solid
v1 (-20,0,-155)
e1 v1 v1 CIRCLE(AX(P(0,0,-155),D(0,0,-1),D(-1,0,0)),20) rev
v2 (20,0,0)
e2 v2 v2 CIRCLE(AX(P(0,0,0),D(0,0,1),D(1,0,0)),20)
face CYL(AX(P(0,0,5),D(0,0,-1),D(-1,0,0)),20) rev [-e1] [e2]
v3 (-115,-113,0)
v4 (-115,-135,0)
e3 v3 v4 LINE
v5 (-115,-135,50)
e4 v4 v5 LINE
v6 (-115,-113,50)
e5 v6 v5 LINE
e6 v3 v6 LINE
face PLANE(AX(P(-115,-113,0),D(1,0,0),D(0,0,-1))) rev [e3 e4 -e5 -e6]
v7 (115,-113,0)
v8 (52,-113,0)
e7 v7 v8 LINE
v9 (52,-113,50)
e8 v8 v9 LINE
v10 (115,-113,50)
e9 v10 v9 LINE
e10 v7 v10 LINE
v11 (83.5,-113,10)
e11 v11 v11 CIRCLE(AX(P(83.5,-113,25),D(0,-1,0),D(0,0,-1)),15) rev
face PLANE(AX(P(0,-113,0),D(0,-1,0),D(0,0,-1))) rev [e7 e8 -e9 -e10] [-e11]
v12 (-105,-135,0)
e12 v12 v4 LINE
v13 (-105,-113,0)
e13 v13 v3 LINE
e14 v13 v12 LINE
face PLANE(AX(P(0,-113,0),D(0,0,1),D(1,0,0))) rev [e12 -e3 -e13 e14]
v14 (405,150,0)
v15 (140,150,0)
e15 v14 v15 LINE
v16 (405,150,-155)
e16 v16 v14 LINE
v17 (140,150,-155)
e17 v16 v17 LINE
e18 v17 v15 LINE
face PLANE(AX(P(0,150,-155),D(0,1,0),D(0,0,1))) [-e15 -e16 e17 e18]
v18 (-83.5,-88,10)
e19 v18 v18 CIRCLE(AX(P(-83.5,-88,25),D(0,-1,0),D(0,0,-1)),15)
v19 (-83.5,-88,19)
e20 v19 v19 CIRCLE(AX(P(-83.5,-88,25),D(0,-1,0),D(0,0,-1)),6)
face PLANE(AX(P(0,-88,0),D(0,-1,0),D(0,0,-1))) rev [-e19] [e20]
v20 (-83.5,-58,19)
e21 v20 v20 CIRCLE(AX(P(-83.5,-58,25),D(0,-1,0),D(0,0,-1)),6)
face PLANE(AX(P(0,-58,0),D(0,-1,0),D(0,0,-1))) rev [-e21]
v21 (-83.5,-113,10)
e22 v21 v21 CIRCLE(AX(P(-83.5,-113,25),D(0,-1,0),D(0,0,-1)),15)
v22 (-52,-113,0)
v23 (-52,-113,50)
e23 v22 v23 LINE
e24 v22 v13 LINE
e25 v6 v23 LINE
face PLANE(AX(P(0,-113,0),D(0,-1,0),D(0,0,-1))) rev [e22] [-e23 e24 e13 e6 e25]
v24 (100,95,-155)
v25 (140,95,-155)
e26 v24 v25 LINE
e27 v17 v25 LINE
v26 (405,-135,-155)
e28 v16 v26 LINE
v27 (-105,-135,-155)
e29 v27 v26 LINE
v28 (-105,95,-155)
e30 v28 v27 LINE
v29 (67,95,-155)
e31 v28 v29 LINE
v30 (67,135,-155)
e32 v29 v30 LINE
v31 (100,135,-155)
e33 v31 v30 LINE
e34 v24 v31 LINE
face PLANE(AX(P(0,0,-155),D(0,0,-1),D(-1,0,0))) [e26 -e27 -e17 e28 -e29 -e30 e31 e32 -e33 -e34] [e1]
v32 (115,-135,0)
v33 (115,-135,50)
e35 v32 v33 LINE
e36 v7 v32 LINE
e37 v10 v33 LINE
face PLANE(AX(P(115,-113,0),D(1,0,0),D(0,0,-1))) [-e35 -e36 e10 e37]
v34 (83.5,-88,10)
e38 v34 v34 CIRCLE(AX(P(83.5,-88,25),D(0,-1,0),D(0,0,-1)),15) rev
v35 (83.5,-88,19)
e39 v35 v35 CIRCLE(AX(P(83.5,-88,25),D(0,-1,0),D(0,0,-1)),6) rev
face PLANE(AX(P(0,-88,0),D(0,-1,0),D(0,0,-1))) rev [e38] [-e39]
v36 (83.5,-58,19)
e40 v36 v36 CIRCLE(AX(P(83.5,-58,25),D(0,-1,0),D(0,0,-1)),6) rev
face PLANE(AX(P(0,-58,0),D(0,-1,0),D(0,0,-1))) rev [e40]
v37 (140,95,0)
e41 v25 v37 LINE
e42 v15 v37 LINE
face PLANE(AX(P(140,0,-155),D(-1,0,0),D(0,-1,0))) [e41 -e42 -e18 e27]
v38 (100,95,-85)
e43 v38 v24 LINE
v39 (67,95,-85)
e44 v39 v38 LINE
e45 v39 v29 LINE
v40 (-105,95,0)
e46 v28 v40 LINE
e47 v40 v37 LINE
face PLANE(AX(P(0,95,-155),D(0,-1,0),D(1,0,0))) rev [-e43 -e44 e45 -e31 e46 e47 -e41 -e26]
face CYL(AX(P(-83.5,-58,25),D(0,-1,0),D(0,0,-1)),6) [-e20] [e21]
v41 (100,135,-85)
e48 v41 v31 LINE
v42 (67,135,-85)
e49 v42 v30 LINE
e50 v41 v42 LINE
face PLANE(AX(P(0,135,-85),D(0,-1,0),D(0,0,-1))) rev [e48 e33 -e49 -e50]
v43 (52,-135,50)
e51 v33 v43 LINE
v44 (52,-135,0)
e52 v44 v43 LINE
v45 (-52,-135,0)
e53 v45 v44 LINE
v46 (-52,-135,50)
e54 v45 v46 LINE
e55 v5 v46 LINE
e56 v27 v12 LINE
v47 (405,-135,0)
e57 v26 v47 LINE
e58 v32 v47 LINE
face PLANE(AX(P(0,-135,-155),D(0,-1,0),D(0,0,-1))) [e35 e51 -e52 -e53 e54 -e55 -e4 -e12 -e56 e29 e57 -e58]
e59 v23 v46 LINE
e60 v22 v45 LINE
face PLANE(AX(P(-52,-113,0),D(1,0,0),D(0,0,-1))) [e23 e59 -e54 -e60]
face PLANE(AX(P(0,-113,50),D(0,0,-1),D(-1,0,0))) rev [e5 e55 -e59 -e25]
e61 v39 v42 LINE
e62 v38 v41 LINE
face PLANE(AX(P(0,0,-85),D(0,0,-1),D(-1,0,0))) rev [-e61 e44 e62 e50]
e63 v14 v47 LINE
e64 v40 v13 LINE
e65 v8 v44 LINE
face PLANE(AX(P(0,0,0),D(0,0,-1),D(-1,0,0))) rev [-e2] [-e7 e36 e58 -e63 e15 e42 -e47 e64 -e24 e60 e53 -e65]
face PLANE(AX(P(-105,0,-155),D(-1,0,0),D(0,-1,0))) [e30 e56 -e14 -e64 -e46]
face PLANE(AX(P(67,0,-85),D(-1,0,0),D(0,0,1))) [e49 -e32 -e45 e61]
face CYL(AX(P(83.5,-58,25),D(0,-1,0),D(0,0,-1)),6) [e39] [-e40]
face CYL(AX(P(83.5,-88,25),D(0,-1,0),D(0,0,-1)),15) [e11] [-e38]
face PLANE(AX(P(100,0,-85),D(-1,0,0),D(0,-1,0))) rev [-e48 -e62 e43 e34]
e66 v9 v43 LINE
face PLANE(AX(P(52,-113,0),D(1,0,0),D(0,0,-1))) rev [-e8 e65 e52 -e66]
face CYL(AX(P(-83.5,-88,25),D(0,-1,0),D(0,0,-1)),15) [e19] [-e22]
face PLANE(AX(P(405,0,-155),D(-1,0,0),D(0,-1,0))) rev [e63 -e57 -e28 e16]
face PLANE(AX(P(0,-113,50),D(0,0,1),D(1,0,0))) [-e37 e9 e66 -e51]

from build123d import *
from build123d.topology import SkipClean

# Parameters (mm, degrees)
SKETCH2_R           = 85
SKETCH2_R_2         = 20
BOSS_EXTRUDE1_DEPTH = 5
BOSS_EXTRUDE2_START = 155
SKETCH3_W           = 245
SKETCH3_H           = 230
SKETCH3_R           = 85
SKETCH3_W_2         = 265
SKETCH3_H_2         = 285
SKETCH3_R_2         = 20
BOSS_EXTRUDE2_DEPTH = 155
SKETCH4_W           = 33
SKETCH4_H           = 40
BOSS_EXTRUDE4_DEPTH = 70
SKETCH6_R           = 15
SKETCH6_W           = 63
SKETCH6_H           = 50
BOSS_EXTRUDE6_DEPTH = 22
SKETCH6_3_R         = 15
SKETCH6_3_R_2       = 6
BOSS_EXTRUDE7_DEPTH = 47
SKETCH6_4_R         = 6
BOSS_EXTRUDE8_DEPTH = 77
SKETCH2_4_R         = 85
CUT_EXTRUDE2_DEPTH  = 5


with BuildPart() as part:
    # Sketch2 → Boss-Extrude1 (new body)
    with BuildSketch(Plane.XY):
        Circle(SKETCH2_R)
        Circle(SKETCH2_R_2, mode=Mode.SUBTRACT)
    extrude(amount=BOSS_EXTRUDE1_DEPTH)

    # Sketch3 → Boss-Extrude2 (add)
    # profile 1 of 3: a face of its own
    with SkipClean():  # the faces are left unmerged after this step: merging them gives an invalid solid
        with BuildSketch(Plane(origin=(0, 0, 0), x_dir=(-1, 0, 0), z_dir=(0, 0, -1)).offset(BOSS_EXTRUDE2_START)):
            with Locations((-17.5, -20)):
                Rectangle(SKETCH3_W, SKETCH3_H)
            with Locations(Location((0, 0, 0), (0, 0, 180))):
                Circle(SKETCH3_R, mode=Mode.SUBTRACT)
        # profile 2 of 3: a face of its own
        with BuildSketch(Plane(origin=(0, 0, 0), x_dir=(-1, 0, 0), z_dir=(0, 0, -1)).offset(BOSS_EXTRUDE2_START)):
            with Locations((-272.5, 7.5)):
                Rectangle(SKETCH3_W_2, SKETCH3_H_2)
        # profile 3 of 3: a face of its own
        with BuildSketch(Plane(origin=(0, 0, 0), x_dir=(-1, 0, 0), z_dir=(0, 0, -1)).offset(BOSS_EXTRUDE2_START)):
            with Locations(Location((0, 0, 0), (0, 0, 180))):
                Circle(SKETCH3_R)
            Circle(SKETCH3_R_2, mode=Mode.SUBTRACT)
        extrude(amount=-BOSS_EXTRUDE2_DEPTH)

    # Sketch4 → Boss-Extrude4 (add)
    with SkipClean():  # the faces are left unmerged after this step: merging them gives an invalid solid
        with BuildSketch(Plane(origin=(0, 0, -155), x_dir=(-1, 0, 0), z_dir=(0, 0, -1))):
            with Locations((-83.5, 115)):
                Rectangle(SKETCH4_W, SKETCH4_H)
        extrude(amount=-BOSS_EXTRUDE4_DEPTH)

    # Sketch6 → Boss-Extrude6 (add)
    # profile 1 of 2: a face of its own
    with SkipClean():  # the faces are left unmerged after this step: merging them gives an invalid solid
        with BuildSketch(Plane.XZ.offset(135)):
            Polygon((-115, 50), (-115, 0), (-105, 0), (-52, 0), (-52, 50), align=None)
            with Locations(Location((-83.5, 25, 0), (0, 0, 270))):
                Circle(SKETCH6_R, mode=Mode.SUBTRACT)
        # profile 2 of 2: a face of its own
        with BuildSketch(Plane.XZ.offset(135)):
            with Locations((83.5, 25)):
                Rectangle(SKETCH6_W, SKETCH6_H)
            with Locations(Location((83.5, 25, 0), (0, 0, 270))):
                Circle(SKETCH6_R, mode=Mode.SUBTRACT)
        extrude(amount=-BOSS_EXTRUDE6_DEPTH)

    # Sketch6<3> → Boss-Extrude7 (add)
    # profile 1 of 2: a face of its own
    with SkipClean():  # the faces are left unmerged after this step: merging them gives an invalid solid
        with BuildSketch(Plane.XZ.offset(135)):
            with Locations(Location((-83.5, 25, 0), (0, 0, 270))):
                Circle(SKETCH6_3_R)
            with Locations(Location((-83.5, 25, 0), (0, 0, 270))):
                Circle(SKETCH6_3_R_2, mode=Mode.SUBTRACT)
        # profile 2 of 2: a face of its own
        with BuildSketch(Plane.XZ.offset(135)):
            with Locations(Location((83.5, 25, 0), (0, 0, 270))):
                Circle(SKETCH6_3_R)
            with Locations(Location((83.5, 25, 0), (0, 0, 270))):
                Circle(SKETCH6_3_R_2, mode=Mode.SUBTRACT)
        extrude(amount=-BOSS_EXTRUDE7_DEPTH)

    # Sketch6<4> → Boss-Extrude8 (add)
    with SkipClean():  # the faces are left unmerged after this step: merging them gives an invalid solid
        with BuildSketch(Plane.XZ.offset(135)):
            with Locations(Location((-83.5, 25, 0), (0, 0, 270))):
                Circle(SKETCH6_4_R)
            with Locations(Location((83.5, 25, 0), (0, 0, 270))):
                Circle(SKETCH6_4_R)
        extrude(amount=-BOSS_EXTRUDE8_DEPTH)

    # Sketch2<4> → Cut-Extrude2 (cut)
    with BuildSketch(Plane.XY):
        Circle(SKETCH2_4_R)
    extrude(amount=CUT_EXTRUDE2_DEPTH, mode=Mode.SUBTRACT)


solid = part.part
